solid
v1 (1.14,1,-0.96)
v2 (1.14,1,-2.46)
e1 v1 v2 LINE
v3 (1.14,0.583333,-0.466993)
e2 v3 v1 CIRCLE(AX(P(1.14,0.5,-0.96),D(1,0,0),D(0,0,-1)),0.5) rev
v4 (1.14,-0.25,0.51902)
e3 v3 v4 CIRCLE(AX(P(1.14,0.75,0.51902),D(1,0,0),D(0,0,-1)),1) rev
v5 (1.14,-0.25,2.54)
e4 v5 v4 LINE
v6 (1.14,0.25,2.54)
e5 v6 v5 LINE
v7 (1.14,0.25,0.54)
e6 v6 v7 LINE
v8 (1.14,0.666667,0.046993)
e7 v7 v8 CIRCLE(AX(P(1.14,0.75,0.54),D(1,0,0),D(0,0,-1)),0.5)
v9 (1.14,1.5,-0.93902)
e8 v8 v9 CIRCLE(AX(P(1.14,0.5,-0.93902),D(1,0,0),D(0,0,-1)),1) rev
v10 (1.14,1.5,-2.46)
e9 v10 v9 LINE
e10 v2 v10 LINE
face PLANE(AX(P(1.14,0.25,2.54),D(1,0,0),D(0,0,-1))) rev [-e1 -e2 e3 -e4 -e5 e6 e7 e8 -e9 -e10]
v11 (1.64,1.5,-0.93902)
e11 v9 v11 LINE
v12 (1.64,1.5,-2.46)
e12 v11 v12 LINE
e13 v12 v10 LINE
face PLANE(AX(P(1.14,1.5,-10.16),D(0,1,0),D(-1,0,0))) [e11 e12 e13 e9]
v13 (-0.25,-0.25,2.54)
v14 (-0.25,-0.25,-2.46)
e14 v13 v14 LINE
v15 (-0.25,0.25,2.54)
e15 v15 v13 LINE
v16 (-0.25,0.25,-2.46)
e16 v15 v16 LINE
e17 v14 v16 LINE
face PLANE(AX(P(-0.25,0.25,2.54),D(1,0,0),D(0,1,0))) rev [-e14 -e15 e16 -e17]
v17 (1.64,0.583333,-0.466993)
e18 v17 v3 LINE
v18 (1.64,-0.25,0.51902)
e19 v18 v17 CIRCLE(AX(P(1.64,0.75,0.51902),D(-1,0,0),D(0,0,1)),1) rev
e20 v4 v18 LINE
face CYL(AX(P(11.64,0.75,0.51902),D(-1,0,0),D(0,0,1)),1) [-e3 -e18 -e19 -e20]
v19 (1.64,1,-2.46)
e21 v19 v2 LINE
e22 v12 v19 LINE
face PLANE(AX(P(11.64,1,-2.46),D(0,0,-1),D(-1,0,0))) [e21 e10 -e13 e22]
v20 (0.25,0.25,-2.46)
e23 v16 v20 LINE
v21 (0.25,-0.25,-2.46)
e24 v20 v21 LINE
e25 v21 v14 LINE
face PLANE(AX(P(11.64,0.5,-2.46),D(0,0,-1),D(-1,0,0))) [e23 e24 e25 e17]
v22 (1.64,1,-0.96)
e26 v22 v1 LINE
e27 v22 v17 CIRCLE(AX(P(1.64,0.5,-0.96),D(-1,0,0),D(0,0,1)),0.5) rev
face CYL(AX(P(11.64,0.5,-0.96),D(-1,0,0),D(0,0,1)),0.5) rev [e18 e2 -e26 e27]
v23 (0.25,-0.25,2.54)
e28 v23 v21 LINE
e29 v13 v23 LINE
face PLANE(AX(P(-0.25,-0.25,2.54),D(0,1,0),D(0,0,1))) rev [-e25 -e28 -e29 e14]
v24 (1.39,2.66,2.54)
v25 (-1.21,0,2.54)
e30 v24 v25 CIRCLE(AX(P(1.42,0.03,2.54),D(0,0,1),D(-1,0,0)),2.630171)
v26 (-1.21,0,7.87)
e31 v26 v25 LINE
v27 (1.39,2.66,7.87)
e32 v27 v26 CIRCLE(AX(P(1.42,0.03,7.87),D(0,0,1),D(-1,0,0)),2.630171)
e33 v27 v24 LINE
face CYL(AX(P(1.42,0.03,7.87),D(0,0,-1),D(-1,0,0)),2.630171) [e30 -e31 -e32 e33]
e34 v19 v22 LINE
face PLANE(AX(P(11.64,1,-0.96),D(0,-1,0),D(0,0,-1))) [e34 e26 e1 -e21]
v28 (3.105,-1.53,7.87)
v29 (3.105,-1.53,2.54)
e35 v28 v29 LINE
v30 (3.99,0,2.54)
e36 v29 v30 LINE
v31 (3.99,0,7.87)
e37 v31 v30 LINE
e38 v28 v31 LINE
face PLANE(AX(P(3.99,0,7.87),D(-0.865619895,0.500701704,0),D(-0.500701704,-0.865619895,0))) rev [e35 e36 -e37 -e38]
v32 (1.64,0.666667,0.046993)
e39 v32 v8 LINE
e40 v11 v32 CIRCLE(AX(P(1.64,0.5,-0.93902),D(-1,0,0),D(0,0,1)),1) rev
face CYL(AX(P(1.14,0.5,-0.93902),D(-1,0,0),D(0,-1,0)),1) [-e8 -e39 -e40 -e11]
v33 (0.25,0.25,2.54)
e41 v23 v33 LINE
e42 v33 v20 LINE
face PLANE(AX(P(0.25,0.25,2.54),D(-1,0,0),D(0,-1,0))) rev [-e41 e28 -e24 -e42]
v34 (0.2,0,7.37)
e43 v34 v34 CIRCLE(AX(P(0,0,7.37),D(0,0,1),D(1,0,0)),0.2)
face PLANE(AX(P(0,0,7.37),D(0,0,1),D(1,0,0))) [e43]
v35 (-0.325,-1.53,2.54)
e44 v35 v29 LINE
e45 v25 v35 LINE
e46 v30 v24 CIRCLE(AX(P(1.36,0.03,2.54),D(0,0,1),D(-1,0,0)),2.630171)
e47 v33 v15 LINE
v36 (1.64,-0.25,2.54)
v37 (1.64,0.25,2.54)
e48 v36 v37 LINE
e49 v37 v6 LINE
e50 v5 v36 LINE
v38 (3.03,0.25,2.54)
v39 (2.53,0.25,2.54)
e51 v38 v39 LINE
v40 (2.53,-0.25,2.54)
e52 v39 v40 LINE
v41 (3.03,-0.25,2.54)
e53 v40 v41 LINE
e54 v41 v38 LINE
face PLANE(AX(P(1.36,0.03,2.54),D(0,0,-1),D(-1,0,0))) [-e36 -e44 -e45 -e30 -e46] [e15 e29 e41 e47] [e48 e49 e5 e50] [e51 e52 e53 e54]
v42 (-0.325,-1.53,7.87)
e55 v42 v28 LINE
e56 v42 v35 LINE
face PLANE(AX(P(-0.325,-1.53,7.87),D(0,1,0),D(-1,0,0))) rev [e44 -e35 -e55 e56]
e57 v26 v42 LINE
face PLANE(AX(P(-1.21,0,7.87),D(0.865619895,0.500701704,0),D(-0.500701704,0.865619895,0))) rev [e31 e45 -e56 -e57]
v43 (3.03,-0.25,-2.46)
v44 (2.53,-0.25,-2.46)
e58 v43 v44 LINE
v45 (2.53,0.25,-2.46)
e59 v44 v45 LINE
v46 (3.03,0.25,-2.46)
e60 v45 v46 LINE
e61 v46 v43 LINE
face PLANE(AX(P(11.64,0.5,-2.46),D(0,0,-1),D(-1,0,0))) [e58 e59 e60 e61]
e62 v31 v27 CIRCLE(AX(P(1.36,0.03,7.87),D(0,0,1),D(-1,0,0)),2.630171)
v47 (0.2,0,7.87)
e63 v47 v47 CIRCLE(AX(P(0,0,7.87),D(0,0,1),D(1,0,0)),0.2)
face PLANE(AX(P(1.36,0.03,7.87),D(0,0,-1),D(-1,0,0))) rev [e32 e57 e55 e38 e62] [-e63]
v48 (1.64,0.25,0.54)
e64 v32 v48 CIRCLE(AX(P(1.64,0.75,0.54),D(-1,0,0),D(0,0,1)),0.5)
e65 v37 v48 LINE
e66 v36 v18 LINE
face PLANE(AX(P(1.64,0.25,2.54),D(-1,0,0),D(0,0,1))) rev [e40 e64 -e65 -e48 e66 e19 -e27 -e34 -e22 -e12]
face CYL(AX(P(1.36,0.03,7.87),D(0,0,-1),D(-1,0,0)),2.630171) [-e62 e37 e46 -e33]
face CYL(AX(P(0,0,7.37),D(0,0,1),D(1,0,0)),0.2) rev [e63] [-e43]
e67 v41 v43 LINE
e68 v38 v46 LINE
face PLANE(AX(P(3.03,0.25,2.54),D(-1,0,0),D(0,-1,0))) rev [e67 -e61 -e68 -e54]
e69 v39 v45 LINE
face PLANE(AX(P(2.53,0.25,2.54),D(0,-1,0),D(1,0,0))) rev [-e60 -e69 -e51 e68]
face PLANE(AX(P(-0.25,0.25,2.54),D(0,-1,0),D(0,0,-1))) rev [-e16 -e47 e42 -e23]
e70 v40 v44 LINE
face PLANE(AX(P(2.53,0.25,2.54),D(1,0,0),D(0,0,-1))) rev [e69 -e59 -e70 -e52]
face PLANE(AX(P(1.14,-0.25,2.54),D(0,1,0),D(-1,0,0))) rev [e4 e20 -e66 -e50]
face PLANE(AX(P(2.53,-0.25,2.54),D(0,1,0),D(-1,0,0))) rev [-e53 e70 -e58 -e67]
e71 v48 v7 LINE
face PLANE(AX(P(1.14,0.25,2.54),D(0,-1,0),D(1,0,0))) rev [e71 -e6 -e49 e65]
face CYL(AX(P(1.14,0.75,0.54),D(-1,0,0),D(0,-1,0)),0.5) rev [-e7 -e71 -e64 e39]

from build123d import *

# Parameters (mm, degrees)
EXTRUDE_1_DEPTH          = 5.33
SKETCH_1_W               = 0.5
SKETCH_1_H               = 0.5
EXTRUDE_2_DEPTH          = 2.54
SKETCH_1_2_W             = 0.5
SKETCH_1_2_H             = 0.5
EXTRUDE_3_DEPTH          = 10.16
SKETCH_4_R               = 0.2
CUT_EXTRUDE_1_DEPTH      = 0.5
SKETCH_5_W               = 0.5
SKETCH_5_H               = 10.2
EXTRUDE_4_DEPTH          = 1.25
CUT_EXTRUDE_2_DEPTH      = 10
CUT_EXTRUDE_2_DEPTH_BACK = 10
FILLET_1_R               = 0.5
FILLET_2_R               = 1
SKETCH_7_W               = 0.5
SKETCH_7_H               = 0.75
CUT_EXTRUDE_3_DEPTH      = 2
FILLET_3_R               = 1


with BuildPart() as part:
    # Эскиз3 → Вытянуть1 (new body)
    with BuildSketch(Plane.XY.offset(2.54)):
        with BuildLine():
            Line((-0.325, -1.53), (3.105, -1.53))
            Line((3.105, -1.53), (3.99, 0))
            ThreePointArc((3.99, 0), (3.240904038, 1.868477631), (1.39, 2.66))
            ThreePointArc((1.39, 2.66), (-0.460904038, 1.868477631), (-1.21, 0))
            Line((-1.21, 0), (-0.325, -1.53))
        make_face()
    extrude(amount=EXTRUDE_1_DEPTH)

    # Эскиз1 → Вытянуть2 (add)
    with BuildSketch(Plane.XY):
        with Locations((1.39, 0)):
            Rectangle(SKETCH_1_W, SKETCH_1_H)
        Rectangle(SKETCH_1_W, SKETCH_1_H)
        with Locations((2.78, 0)):
            Rectangle(SKETCH_1_W, SKETCH_1_H)
    extrude(amount=EXTRUDE_2_DEPTH)

    # Эскиз1<2> → Вытянуть3 (add)
    with BuildSketch(Plane.XY):
        with Locations((1.39, 0)):
            Rectangle(SKETCH_1_2_W, SKETCH_1_2_H)
        Rectangle(SKETCH_1_2_W, SKETCH_1_2_H)
        with Locations((2.78, 0)):
            Rectangle(SKETCH_1_2_W, SKETCH_1_2_H)
    extrude(amount=-EXTRUDE_3_DEPTH)

    # Эскиз4 → Вырез-Вытянуть1 (cut)
    with BuildSketch(Plane.XY.offset(7.87)):
        Circle(SKETCH_4_R)
    extrude(amount=-CUT_EXTRUDE_1_DEPTH, mode=Mode.SUBTRACT)

    # Эскиз5 → Вытянуть4 (add)
    with BuildSketch(Plane(origin=(0, 0.25, 0), x_dir=(1, 0, 0), z_dir=(0, 1, 0))):
        with Locations((1.39, 5.06)):
            Rectangle(SKETCH_5_W, SKETCH_5_H)
    extrude(amount=EXTRUDE_4_DEPTH)

    # Эскиз6 → Вырез-Вытянуть2 (cut, two sides: drawn at the far end of the back side and taken through both)
    with BuildSketch(Plane(origin=(1.64, 0, 0), x_dir=(0, 0, -1), z_dir=(1, 0, 0)).offset(-CUT_EXTRUDE_2_DEPTH_BACK)):
        with BuildLine():
            Line((2.46, -0.83850211), (10.787068804, -0.83850211))
            Line((10.787068804, -0.83850211), (10.787068804, 1))
            Line((10.787068804, 1), (10.787068804, 2.286855948))
            Line((10.787068804, 2.286855948), (2.46, 2.286855948))
            Line((2.46, 2.286855948), (2.46, 1))
            Line((2.46, 1), (0.96, 1))
            ThreePointArc((0.96, 1), (0.606446609, 0.853553391), (0.46, 0.5))
            Line((0.46, 0.5), (2.46, 0.5))
            Line((2.46, 0.5), (2.46, -0.83850211))
        make_face()
    extrude(amount=CUT_EXTRUDE_2_DEPTH + CUT_EXTRUDE_2_DEPTH_BACK, mode=Mode.SUBTRACT)

    # Скругление1
    fillet_1_edges = [part.edges().sort_by_distance(p)[0] for p in [
        (1.39, 0.25, 0.04),
    ]]
    fillet(fillet_1_edges, radius=FILLET_1_R)

    # Скругление2
    fillet_2_edges = [part.edges().sort_by_distance(p)[0] for p in [
        (1.39, 1.5, 0.04),
    ]]
    fillet(fillet_2_edges, radius=FILLET_2_R)

    # Эскиз7 → Вырез-Вытянуть3 (cut)
    with BuildSketch(Plane(origin=(0, 0, -2.46), x_dir=(-1, 0, 0), z_dir=(0, 0, -1))):
        with Locations((-1.39, 0.125)):
            Rectangle(SKETCH_7_W, SKETCH_7_H)
    extrude(amount=-CUT_EXTRUDE_3_DEPTH, mode=Mode.SUBTRACT)

    # Скругление3
    fillet_3_edges = [part.edges().sort_by_distance(p)[0] for p in [
        (1.39, -0.25, -0.46),
    ]]
    fillet(fillet_3_edges, radius=FILLET_3_R)


solid = part.part
